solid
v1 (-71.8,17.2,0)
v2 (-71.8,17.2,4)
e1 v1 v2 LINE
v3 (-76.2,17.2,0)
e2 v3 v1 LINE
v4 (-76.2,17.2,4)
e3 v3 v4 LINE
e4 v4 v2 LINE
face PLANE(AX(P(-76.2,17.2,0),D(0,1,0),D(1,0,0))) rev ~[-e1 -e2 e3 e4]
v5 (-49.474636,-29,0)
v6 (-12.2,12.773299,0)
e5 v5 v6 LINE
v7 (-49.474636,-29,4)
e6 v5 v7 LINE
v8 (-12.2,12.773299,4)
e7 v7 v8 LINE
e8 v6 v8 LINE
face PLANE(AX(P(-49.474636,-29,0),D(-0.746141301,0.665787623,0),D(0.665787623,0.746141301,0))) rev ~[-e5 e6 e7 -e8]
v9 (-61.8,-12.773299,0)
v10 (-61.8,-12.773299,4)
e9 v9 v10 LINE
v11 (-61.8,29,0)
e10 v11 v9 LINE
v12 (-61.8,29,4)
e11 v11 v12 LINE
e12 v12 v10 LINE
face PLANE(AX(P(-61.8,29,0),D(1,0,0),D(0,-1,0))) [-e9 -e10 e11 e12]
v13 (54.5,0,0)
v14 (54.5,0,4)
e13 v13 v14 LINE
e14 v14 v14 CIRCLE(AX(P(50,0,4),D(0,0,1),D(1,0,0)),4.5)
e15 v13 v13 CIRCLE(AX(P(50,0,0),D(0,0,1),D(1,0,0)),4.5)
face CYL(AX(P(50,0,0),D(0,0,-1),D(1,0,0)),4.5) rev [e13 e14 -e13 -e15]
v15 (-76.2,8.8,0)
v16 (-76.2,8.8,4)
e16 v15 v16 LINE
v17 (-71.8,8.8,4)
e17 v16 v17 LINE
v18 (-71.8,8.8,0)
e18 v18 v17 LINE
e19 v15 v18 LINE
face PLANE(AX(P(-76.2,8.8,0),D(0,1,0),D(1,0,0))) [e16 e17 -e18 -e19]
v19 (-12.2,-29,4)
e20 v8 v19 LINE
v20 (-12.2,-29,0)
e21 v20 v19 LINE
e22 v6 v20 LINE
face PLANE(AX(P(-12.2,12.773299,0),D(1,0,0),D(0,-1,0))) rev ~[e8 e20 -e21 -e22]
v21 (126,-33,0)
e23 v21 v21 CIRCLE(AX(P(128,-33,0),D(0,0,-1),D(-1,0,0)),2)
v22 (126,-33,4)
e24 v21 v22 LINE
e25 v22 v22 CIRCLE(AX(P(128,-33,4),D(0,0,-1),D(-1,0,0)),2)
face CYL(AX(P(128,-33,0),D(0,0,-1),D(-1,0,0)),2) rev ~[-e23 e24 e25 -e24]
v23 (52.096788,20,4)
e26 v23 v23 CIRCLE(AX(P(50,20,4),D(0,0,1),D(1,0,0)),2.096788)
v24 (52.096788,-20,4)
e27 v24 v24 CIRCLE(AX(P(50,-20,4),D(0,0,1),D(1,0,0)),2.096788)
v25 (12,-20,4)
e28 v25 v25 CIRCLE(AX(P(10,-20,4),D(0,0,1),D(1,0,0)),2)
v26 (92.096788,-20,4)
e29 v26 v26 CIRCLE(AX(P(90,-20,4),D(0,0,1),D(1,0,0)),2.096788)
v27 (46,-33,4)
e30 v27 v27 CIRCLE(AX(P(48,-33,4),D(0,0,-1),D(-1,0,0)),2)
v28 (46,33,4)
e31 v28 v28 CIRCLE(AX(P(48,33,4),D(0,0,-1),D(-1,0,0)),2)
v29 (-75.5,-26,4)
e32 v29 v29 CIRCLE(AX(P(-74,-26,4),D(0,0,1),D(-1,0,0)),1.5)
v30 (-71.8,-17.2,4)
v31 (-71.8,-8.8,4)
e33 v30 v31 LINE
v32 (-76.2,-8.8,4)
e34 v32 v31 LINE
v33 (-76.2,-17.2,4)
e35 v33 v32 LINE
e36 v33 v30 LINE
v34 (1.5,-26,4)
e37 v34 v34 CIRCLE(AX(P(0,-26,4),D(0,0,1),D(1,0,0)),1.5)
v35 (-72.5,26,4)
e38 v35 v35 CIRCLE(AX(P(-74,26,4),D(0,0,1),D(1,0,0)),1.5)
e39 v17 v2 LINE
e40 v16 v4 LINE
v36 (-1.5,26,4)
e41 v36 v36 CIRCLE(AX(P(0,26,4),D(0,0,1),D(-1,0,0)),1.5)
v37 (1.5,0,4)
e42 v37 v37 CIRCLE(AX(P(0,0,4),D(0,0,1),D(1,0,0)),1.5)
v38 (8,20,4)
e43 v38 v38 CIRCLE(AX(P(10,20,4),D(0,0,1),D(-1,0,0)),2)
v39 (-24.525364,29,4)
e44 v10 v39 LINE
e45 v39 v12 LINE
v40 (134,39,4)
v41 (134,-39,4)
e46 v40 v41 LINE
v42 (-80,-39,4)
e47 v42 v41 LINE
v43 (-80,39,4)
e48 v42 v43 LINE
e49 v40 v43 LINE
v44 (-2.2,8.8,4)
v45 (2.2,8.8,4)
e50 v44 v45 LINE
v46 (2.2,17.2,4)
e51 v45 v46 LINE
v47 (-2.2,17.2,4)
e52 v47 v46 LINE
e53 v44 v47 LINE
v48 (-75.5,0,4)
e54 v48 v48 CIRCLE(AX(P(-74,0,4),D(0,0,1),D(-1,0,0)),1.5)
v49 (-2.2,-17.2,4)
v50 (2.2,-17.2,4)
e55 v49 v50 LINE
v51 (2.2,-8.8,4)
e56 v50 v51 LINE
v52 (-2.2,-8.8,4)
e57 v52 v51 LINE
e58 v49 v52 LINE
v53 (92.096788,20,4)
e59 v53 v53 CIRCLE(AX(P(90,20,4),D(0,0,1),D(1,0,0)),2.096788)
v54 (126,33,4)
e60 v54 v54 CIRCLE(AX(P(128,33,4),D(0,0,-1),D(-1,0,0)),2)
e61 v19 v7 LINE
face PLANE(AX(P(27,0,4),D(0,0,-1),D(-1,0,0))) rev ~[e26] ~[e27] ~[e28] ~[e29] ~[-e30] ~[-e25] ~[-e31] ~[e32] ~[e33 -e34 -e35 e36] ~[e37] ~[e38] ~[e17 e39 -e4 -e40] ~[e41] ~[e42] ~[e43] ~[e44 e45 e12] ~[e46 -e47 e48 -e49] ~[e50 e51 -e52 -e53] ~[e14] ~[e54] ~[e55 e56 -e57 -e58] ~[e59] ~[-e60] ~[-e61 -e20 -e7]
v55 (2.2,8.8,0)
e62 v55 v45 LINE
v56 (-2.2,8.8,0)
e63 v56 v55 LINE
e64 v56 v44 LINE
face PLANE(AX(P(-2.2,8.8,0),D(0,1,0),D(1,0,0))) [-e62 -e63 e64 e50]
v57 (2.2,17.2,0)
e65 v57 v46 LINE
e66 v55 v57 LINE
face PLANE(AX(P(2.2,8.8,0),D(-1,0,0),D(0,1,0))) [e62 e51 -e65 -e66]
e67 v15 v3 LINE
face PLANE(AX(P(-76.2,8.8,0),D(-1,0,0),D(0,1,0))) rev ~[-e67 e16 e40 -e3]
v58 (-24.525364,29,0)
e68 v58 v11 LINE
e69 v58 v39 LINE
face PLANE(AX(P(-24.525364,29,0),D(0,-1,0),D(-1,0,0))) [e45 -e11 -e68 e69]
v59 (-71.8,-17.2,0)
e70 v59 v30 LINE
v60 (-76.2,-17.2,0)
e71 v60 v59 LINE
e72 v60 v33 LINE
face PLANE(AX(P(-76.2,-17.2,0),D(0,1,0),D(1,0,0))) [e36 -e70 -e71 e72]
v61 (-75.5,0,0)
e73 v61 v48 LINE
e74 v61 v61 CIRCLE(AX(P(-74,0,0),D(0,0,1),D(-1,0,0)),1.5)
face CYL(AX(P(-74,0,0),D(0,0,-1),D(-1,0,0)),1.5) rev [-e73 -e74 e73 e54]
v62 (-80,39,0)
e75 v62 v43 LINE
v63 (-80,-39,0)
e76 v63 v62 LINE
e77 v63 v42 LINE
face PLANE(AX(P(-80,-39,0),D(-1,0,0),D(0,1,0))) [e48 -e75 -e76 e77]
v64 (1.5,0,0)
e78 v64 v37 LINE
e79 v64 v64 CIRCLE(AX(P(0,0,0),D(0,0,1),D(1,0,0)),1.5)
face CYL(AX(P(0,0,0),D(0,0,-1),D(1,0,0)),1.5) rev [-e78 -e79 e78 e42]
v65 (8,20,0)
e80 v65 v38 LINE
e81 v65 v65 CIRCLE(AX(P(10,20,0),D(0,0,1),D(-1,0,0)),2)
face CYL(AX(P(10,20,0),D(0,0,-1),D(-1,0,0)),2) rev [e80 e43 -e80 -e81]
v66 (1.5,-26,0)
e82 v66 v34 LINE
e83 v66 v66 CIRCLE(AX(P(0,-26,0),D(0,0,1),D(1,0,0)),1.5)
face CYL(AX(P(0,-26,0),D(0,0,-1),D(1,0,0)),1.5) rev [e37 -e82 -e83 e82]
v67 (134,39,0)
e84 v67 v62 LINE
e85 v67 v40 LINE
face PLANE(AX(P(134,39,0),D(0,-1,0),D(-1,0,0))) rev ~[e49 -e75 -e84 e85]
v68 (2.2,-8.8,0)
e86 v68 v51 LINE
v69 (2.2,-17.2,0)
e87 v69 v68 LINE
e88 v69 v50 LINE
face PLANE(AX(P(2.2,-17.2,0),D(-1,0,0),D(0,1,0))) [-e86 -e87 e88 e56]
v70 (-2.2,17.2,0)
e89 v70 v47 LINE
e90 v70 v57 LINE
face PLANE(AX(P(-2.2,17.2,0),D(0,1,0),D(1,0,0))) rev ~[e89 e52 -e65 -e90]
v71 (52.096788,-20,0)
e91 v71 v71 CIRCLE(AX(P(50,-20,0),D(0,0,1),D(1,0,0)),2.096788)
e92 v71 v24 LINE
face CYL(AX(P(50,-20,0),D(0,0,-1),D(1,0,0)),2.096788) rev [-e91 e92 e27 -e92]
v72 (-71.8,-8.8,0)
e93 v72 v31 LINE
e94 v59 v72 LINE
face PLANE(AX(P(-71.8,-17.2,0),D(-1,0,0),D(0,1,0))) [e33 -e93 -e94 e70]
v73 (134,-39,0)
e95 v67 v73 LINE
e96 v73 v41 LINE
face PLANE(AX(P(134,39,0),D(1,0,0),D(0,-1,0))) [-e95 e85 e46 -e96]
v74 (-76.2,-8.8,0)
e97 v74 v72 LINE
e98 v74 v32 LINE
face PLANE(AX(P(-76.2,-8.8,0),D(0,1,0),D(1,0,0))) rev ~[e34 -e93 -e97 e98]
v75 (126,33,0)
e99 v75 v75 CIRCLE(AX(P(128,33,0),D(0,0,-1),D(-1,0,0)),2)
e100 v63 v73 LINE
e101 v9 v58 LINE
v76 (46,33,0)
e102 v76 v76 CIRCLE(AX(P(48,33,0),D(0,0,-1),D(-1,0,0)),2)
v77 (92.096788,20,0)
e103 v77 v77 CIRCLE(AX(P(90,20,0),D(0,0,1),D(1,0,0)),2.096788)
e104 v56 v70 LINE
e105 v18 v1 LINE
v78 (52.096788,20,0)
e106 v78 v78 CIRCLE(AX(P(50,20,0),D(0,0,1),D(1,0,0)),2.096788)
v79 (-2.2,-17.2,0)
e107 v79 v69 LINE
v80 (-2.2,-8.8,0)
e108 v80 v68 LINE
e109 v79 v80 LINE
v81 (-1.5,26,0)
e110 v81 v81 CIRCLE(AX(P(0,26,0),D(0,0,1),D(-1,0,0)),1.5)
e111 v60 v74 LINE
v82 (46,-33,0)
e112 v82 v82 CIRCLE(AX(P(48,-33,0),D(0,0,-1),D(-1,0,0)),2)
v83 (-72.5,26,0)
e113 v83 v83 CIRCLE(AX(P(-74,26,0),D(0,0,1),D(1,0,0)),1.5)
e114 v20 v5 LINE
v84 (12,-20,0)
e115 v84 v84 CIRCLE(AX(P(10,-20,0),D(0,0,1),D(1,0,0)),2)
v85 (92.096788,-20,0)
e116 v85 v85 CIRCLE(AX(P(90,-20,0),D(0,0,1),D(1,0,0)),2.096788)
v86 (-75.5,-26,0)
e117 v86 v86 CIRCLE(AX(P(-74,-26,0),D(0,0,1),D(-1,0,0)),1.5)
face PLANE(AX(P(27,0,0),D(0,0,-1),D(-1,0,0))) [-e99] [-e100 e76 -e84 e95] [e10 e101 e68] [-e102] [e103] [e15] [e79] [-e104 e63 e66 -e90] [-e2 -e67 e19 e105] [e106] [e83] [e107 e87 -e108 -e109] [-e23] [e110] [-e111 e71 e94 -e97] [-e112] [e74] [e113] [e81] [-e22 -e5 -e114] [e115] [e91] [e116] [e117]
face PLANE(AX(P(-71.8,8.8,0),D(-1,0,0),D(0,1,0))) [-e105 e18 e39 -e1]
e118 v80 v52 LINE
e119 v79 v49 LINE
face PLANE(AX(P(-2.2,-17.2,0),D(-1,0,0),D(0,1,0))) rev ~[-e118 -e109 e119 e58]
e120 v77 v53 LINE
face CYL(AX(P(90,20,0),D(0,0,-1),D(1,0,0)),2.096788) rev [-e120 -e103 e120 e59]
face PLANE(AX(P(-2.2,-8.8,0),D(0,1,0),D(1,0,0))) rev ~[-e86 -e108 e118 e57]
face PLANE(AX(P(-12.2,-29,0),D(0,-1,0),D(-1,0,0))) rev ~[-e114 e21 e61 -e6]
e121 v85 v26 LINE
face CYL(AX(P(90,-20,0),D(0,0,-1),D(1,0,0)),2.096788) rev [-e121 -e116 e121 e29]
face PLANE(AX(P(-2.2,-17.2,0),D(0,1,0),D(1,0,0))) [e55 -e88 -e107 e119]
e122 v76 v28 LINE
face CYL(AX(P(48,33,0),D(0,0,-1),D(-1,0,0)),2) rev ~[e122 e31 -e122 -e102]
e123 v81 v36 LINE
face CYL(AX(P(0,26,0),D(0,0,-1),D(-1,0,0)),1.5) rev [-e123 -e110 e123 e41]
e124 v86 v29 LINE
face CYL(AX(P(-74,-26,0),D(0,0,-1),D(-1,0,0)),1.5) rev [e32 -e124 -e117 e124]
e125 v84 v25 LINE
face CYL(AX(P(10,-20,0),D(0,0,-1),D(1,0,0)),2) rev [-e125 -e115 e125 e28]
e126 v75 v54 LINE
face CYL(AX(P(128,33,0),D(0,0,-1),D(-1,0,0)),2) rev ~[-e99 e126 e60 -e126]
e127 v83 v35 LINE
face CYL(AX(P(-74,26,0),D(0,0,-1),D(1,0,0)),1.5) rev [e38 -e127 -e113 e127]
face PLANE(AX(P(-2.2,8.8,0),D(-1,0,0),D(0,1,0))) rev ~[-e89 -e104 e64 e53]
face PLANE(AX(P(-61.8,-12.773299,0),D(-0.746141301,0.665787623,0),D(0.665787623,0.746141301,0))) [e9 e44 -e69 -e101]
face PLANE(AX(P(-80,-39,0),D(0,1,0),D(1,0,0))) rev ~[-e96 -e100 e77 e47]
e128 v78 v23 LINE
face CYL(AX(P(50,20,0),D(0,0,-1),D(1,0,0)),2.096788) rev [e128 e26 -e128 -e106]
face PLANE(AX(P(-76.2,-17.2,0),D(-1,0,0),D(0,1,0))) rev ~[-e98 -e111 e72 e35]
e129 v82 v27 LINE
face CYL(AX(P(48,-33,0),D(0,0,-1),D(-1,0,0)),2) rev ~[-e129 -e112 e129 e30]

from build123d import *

# Parameters (mm, degrees)
SKETCH_1_R          = 1.5
SKETCH_1_R_2        = 4.5
SKETCH_1_R_3        = 2.096788488
SKETCH_1_R_4        = 2
SKETCH_1_W          = 4.4
SKETCH_1_H          = 8.4
EXTRUDE_1_DEPTH     = 4
SKETCH_2_R          = 2
CUT_EXTRUDE_1_DEPTH = 10


with BuildPart() as part:
    # 草图1 → 凸台-拉伸1 (new body)
    with BuildSketch(Plane.XY):
        Polygon((-6, 39), (134, 39), (134, -39), (-6, -39), (-80, -39), (-80, 39), align=None)
        Circle(SKETCH_1_R, mode=Mode.SUBTRACT)
        with Locations(Location((0, 26, 0), (0, 0, 180))):
            Circle(SKETCH_1_R, mode=Mode.SUBTRACT)
        with Locations((0, -26)):
            Circle(SKETCH_1_R, mode=Mode.SUBTRACT)
        with Locations((50, 0)):
            Circle(SKETCH_1_R_2, mode=Mode.SUBTRACT)
        with Locations((50, 20)):
            Circle(SKETCH_1_R_3, mode=Mode.SUBTRACT)
        with Locations((50, -20)):
            Circle(SKETCH_1_R_3, mode=Mode.SUBTRACT)
        with Locations((90, -20)):
            Circle(SKETCH_1_R_3, mode=Mode.SUBTRACT)
        with Locations((90, 20)):
            Circle(SKETCH_1_R_3, mode=Mode.SUBTRACT)
        with Locations((10, -20)):
            Circle(SKETCH_1_R_4, mode=Mode.SUBTRACT)
        with Locations(Location((10, 20, 0), (0, 0, 180))):
            Circle(SKETCH_1_R_4, mode=Mode.SUBTRACT)
        with Locations(Location((-74, 0, 0), (0, 0, 180))):
            Circle(SKETCH_1_R, mode=Mode.SUBTRACT)
        with Locations((-74, 26)):
            Circle(SKETCH_1_R, mode=Mode.SUBTRACT)
        with Locations(Location((-74, -26, 0), (0, 0, 180))):
            Circle(SKETCH_1_R, mode=Mode.SUBTRACT)
        with Locations((0, 13)):
            Rectangle(SKETCH_1_W, SKETCH_1_H, mode=Mode.SUBTRACT)
        with Locations((0, -13)):
            Rectangle(SKETCH_1_W, SKETCH_1_H, mode=Mode.SUBTRACT)
        with Locations((-74, 13)):
            Rectangle(SKETCH_1_W, SKETCH_1_H, mode=Mode.SUBTRACT)
        with Locations((-74, -13)):
            Rectangle(SKETCH_1_W, SKETCH_1_H, mode=Mode.SUBTRACT)
    extrude(amount=EXTRUDE_1_DEPTH)

    # 草图2 → 切除-拉伸1 (cut)
    with BuildSketch(Plane(origin=(0, 0, 0), x_dir=(-1, 0, 0), z_dir=(0, 0, -1))):
        with Locations((-128, -33)):
            Circle(SKETCH_2_R)
        with Locations((-48, -33)):
            Circle(SKETCH_2_R)
        with Locations((-48, 33)):
            Circle(SKETCH_2_R)
        with Locations((-128, 33)):
            Circle(SKETCH_2_R)
        Polygon((61.8, -12.773298845), (24.525364108, 29), (61.8, 29), align=None)
        Polygon((12.2, -29), (49.474635892, -29), (12.2, 12.773298845), align=None)
    extrude(amount=-CUT_EXTRUDE_1_DEPTH, mode=Mode.SUBTRACT)


solid = part.part
